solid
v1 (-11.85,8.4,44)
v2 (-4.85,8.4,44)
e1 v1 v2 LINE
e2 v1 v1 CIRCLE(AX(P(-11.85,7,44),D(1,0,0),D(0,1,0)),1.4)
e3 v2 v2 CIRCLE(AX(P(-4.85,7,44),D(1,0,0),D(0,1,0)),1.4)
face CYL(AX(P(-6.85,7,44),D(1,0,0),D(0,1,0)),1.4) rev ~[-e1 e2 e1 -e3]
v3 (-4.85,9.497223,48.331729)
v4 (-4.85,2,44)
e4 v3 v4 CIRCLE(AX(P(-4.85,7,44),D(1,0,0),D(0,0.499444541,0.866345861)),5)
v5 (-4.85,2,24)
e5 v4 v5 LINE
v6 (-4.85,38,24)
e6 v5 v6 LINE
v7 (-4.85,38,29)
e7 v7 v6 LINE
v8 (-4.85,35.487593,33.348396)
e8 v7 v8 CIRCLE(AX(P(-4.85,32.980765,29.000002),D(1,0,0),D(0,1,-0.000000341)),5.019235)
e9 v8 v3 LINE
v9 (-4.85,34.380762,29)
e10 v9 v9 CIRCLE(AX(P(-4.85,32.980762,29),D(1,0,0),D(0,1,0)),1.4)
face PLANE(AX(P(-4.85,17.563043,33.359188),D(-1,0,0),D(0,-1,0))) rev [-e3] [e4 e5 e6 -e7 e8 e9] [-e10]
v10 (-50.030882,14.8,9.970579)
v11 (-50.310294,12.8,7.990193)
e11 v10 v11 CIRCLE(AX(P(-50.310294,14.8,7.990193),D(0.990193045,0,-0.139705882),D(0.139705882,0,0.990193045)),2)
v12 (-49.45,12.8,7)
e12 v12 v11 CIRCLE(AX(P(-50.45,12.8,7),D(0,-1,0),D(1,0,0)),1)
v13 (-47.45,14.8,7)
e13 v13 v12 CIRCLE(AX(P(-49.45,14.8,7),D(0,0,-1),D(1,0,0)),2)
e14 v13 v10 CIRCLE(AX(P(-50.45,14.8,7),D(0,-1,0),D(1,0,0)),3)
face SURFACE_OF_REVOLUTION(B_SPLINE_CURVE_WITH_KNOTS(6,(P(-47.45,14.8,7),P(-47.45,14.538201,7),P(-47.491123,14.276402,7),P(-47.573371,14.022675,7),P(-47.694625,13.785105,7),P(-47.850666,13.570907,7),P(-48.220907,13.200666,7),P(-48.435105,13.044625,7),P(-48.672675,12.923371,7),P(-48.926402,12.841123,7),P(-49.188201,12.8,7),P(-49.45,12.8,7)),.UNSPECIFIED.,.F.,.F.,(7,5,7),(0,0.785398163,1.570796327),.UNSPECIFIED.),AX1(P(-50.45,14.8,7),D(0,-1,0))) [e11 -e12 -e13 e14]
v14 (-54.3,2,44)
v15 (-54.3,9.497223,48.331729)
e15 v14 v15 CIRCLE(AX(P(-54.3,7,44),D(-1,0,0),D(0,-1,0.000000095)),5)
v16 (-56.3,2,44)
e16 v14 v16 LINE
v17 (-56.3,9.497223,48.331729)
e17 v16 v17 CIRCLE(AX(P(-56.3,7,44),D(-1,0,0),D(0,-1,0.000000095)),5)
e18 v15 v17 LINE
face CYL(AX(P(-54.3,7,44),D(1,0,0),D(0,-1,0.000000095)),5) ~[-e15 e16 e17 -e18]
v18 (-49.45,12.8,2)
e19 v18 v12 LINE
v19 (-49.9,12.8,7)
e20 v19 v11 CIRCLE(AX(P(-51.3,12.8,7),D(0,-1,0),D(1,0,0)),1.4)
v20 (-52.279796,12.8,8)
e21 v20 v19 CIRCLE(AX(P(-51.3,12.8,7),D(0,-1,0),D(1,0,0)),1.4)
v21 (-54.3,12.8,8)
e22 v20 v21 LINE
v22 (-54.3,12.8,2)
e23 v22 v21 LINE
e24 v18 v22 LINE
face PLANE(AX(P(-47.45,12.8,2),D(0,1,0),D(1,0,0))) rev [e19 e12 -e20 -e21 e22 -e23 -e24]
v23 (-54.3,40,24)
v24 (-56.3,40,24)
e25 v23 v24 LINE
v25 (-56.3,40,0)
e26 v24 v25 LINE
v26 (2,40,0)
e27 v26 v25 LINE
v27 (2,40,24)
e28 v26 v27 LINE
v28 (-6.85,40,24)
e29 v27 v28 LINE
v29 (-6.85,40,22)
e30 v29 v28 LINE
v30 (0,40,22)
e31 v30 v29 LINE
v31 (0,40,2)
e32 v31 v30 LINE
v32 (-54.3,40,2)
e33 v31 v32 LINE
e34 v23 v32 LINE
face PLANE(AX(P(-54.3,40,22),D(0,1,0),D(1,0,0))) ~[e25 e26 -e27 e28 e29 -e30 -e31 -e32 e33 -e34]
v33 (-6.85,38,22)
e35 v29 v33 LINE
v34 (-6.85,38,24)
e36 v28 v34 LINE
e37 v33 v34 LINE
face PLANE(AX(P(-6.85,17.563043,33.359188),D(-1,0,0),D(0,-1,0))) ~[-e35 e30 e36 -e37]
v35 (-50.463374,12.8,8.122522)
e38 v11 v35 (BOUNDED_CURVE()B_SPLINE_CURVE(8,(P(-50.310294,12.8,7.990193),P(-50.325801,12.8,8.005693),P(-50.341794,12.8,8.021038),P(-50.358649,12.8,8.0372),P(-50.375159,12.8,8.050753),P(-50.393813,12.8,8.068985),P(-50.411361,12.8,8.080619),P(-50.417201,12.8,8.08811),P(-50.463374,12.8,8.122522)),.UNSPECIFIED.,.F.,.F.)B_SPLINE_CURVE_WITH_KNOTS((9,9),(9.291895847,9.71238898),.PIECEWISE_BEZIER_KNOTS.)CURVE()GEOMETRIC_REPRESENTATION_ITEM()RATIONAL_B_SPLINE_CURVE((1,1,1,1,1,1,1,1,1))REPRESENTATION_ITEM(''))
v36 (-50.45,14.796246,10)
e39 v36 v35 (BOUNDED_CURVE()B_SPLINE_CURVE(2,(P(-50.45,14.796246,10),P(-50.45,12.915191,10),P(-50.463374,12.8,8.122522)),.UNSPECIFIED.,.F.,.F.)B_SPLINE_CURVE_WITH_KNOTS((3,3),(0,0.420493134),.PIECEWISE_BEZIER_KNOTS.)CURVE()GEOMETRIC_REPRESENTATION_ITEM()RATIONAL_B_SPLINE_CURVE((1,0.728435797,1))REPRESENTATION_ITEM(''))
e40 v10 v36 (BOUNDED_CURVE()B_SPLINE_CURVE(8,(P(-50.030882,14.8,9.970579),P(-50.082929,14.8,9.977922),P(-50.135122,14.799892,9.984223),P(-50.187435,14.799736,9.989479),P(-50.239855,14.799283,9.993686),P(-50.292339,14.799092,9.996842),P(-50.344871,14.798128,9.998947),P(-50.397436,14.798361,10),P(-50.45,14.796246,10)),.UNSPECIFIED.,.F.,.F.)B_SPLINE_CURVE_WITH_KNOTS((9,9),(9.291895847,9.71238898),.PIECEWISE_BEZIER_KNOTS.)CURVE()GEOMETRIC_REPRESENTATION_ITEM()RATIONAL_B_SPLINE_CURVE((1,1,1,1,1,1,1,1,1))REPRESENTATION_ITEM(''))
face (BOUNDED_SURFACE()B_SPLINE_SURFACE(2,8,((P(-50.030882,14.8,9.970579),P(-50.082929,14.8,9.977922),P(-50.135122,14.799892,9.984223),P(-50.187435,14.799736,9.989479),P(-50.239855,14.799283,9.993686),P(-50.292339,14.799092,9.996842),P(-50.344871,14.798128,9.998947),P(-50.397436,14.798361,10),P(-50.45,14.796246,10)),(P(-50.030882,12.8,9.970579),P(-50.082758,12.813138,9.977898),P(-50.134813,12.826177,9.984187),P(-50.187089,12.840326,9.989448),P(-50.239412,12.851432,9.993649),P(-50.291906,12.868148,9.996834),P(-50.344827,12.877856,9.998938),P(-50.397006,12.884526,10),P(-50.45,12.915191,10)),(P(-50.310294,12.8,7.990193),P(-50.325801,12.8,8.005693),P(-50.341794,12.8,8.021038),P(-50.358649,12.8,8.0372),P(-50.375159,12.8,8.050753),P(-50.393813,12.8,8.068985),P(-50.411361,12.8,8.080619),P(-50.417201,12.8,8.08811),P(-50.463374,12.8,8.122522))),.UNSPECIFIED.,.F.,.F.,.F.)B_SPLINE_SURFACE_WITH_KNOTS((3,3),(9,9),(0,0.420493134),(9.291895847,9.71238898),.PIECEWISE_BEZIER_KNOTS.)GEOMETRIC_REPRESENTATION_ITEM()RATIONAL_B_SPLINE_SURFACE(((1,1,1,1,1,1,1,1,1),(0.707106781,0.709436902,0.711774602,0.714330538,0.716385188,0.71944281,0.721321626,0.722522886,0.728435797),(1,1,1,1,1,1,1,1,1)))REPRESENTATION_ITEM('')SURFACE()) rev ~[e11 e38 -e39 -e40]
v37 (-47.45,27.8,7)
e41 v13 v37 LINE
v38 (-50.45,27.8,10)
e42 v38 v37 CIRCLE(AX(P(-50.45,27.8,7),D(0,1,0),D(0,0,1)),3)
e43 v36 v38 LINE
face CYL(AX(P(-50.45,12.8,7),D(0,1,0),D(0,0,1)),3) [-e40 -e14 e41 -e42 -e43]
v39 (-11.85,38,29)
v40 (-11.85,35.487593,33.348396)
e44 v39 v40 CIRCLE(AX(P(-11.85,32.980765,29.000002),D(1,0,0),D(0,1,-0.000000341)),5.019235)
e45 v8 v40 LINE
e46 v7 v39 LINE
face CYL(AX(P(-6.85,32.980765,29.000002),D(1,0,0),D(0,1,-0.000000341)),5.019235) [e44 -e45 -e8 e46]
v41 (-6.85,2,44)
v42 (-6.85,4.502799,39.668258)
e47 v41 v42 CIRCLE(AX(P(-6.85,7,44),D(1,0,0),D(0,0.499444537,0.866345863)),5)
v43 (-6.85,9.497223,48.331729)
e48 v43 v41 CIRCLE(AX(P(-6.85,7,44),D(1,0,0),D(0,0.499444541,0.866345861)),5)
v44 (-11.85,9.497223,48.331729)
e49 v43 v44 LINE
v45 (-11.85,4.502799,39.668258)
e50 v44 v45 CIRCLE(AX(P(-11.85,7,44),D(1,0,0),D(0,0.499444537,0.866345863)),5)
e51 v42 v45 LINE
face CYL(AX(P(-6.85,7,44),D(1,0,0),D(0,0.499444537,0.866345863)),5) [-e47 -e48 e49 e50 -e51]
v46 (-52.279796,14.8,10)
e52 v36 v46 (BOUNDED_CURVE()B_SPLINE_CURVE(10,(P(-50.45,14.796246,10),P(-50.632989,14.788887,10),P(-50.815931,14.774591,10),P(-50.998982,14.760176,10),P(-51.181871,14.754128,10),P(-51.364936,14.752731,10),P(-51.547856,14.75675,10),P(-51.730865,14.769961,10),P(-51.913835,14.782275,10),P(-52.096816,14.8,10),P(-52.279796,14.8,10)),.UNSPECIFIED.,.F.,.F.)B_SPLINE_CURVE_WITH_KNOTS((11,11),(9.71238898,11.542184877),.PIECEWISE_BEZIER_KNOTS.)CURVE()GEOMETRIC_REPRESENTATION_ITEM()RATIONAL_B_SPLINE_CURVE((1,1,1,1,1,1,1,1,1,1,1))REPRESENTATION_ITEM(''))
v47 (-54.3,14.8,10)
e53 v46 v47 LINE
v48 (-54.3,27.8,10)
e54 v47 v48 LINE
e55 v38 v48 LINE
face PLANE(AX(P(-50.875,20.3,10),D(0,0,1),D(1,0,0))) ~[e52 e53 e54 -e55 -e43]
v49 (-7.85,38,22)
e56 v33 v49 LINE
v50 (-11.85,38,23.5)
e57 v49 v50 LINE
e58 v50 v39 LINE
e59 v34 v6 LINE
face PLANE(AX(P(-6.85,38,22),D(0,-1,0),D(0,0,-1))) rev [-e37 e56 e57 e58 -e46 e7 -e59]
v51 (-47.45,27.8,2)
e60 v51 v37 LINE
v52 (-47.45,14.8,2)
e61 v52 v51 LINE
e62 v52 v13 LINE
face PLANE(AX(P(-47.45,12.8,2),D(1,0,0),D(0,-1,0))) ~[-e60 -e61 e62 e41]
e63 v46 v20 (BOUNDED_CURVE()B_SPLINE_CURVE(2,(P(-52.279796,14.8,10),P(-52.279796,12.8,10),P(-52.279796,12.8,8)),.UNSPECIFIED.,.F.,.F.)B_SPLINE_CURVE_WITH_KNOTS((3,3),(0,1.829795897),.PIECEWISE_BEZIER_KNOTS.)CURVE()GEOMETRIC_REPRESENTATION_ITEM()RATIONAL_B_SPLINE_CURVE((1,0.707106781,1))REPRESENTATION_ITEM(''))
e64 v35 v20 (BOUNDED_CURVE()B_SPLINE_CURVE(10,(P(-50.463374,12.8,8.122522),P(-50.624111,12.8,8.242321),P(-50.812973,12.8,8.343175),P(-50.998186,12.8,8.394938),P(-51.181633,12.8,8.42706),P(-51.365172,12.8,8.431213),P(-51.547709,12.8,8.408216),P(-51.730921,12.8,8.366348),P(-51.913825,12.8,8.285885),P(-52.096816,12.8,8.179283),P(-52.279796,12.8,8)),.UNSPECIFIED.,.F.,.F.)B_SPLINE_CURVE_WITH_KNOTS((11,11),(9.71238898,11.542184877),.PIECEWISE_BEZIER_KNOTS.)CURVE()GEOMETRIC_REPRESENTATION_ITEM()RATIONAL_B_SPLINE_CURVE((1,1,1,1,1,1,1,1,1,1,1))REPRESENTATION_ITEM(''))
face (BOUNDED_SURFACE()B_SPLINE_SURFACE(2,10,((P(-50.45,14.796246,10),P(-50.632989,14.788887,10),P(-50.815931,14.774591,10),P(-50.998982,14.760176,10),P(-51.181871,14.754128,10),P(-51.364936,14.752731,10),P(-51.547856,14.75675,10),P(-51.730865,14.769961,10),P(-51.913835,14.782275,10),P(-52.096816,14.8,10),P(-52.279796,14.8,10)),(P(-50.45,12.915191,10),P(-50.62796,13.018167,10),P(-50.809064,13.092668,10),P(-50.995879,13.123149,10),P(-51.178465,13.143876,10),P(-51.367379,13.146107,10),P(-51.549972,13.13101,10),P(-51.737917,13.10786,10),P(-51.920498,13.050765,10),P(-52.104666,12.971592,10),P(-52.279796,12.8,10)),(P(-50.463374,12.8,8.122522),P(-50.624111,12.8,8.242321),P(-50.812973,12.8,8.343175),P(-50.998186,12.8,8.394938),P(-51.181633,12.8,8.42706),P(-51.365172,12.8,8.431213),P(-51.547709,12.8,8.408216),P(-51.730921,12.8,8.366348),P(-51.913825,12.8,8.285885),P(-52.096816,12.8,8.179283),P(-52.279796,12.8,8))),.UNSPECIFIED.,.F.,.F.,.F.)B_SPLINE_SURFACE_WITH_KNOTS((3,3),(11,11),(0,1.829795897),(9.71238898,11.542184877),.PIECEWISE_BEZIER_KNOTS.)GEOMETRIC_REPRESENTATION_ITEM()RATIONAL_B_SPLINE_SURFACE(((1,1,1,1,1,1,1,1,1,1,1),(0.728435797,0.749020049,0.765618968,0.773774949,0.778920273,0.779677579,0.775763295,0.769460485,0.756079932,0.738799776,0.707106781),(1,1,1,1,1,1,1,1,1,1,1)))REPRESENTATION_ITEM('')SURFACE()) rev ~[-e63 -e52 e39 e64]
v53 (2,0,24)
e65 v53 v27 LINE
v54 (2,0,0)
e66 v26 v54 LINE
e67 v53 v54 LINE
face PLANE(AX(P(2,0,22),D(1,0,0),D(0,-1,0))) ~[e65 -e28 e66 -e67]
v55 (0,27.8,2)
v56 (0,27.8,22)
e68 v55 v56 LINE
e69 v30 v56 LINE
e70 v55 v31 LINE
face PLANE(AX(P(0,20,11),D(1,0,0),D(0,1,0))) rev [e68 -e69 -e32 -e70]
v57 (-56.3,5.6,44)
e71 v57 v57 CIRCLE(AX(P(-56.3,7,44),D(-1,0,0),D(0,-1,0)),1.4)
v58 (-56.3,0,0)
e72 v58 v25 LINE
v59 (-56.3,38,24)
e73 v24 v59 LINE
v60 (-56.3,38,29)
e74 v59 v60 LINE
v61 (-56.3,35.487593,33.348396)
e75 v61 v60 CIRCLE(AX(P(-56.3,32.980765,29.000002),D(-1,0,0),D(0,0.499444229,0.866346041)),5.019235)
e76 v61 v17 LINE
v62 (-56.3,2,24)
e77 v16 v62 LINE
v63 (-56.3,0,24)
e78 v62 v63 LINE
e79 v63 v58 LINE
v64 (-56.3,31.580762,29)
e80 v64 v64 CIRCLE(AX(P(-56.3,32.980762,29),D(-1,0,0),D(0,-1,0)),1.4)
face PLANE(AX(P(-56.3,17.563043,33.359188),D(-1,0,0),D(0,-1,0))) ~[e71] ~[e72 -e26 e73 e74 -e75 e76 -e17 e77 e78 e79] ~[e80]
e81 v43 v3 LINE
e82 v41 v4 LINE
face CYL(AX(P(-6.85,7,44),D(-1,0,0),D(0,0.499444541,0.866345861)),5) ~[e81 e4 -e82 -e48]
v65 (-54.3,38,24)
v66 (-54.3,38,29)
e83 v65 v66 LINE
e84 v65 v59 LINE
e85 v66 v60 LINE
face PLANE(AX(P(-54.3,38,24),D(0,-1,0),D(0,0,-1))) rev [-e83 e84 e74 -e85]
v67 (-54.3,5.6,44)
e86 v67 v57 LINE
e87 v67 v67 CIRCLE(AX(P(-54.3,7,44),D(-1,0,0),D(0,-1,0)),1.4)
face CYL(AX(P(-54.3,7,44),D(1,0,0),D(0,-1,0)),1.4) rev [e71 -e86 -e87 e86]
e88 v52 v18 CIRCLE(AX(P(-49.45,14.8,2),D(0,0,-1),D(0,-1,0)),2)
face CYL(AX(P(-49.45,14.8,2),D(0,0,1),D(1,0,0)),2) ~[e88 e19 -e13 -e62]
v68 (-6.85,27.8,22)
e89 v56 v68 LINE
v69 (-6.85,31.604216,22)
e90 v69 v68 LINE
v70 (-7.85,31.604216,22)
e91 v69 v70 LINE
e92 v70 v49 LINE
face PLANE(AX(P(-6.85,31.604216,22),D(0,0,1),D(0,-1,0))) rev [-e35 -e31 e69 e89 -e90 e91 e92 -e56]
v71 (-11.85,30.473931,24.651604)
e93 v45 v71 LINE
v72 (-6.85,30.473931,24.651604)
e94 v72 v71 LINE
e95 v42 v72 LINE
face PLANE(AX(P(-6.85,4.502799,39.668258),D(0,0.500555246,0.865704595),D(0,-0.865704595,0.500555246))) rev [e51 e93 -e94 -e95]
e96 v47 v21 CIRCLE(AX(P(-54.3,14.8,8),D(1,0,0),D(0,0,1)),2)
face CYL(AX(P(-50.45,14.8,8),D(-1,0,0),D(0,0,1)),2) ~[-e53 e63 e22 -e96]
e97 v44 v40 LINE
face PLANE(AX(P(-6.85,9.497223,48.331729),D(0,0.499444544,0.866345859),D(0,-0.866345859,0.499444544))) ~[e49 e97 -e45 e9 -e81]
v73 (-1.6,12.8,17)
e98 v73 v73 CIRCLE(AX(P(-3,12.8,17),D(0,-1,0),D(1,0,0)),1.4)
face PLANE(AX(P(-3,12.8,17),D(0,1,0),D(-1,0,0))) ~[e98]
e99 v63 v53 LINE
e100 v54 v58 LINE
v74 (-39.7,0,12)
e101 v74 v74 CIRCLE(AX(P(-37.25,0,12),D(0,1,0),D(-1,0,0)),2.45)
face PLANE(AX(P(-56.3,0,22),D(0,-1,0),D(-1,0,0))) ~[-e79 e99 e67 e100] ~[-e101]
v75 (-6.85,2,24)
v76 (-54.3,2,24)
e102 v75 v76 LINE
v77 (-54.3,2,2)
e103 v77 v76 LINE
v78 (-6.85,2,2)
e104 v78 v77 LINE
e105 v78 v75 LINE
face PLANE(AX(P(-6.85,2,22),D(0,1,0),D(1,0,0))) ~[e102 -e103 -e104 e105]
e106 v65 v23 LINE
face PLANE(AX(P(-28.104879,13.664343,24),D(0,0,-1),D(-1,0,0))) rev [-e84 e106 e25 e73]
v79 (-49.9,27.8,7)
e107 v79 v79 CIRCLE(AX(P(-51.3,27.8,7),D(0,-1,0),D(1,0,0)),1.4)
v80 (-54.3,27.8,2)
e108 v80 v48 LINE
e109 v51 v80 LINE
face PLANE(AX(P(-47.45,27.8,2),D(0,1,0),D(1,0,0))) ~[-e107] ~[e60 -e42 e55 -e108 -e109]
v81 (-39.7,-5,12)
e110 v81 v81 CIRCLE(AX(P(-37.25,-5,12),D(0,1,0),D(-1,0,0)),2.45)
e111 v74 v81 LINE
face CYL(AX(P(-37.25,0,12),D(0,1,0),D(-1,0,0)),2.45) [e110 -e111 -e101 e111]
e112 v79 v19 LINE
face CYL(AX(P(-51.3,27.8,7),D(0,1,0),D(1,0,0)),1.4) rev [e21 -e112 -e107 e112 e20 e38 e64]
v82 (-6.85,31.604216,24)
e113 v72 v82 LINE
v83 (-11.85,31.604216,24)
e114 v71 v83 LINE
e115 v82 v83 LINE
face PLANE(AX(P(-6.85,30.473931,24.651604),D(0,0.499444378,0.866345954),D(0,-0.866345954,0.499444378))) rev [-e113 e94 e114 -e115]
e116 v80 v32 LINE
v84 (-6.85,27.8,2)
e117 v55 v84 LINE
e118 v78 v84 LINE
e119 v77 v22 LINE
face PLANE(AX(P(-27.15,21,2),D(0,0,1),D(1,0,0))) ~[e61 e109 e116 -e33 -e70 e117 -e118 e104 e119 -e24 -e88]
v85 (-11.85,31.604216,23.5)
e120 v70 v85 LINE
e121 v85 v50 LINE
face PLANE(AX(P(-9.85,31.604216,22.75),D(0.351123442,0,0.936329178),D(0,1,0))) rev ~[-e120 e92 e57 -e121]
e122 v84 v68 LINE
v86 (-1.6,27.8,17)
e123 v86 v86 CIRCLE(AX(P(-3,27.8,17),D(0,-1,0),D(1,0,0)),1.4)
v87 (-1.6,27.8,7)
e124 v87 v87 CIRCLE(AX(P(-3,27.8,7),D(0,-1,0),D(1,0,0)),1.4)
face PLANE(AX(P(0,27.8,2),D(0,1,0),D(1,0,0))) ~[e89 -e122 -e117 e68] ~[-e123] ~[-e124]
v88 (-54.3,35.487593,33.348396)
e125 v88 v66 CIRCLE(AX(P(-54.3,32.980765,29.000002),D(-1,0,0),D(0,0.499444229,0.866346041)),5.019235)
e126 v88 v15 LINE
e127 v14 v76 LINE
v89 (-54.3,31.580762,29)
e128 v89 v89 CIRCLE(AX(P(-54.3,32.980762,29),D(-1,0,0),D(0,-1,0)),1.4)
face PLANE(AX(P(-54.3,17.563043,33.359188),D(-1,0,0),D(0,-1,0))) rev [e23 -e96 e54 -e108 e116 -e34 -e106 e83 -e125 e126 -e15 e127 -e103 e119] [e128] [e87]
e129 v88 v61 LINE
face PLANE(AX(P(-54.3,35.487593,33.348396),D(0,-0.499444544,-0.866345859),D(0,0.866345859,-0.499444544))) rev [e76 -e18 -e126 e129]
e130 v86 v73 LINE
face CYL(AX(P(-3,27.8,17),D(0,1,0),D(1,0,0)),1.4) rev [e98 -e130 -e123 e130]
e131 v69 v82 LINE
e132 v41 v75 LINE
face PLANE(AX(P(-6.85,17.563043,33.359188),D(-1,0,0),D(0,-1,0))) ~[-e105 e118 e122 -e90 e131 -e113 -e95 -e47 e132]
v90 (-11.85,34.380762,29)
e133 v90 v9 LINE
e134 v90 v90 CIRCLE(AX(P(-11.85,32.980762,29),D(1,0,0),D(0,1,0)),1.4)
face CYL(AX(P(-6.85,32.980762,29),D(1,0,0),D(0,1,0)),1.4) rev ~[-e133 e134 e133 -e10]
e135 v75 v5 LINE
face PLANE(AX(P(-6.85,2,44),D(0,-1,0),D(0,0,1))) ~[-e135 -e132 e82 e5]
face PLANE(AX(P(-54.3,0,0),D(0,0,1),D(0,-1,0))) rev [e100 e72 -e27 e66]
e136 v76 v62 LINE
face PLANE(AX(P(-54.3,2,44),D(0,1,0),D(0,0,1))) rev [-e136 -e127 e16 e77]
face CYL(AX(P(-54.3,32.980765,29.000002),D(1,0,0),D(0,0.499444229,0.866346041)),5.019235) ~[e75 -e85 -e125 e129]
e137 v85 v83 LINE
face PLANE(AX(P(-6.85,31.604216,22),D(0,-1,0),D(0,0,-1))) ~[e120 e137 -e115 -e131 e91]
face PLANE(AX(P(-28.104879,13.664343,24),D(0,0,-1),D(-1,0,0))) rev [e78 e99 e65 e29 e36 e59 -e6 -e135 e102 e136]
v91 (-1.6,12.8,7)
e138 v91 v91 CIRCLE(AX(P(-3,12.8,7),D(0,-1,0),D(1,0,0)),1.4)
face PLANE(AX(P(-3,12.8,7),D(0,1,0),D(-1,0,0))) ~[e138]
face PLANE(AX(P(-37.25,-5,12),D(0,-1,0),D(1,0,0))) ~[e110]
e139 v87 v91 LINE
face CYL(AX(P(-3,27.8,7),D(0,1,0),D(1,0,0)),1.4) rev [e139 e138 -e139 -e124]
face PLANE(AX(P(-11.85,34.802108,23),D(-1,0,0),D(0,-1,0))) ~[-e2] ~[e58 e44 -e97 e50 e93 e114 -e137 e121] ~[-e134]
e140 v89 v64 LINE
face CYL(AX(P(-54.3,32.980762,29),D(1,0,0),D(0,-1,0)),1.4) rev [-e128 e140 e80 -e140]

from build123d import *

# Parameters (mm, degrees)
SKETCH_W        = 54.3
SKETCH_H        = 38
PAD_DEPTH       = 2
SKETCH001_W     = 54.3
SKETCH001_H     = 2
PAD001_DEPTH    = 22
SKETCH002_R     = 2.45
PAD002_DEPTH    = 5
SKETCH003_W     = 40
SKETCH003_H     = 22
PAD003_DEPTH    = 2
SKETCH004_W     = 40
SKETCH004_H     = 22
PAD004_DEPTH    = 2
SKETCH005_W     = 6.85
SKETCH005_H     = 15
PAD005_DEPTH    = 8
SKETCH006_R     = 1.4
POCKET_DEPTH    = 15
FILLET_R        = 3
FILLET001_R     = 2
SKETCH007_W     = 6.85
SKETCH007_H     = 25.8
PAD006_DEPTH    = 20
SKETCH008_R     = 1.4
POCKET001_DEPTH = 15
PAD007_DEPTH    = 2
SKETCH010_R     = 1.4
PAD008_DEPTH    = 2
SKETCH011_R     = 1.4
PAD009_DEPTH    = 2
SKETCH012_R     = 1.4
PAD010_DEPTH    = 5
SKETCH013_W     = 6.395784
SKETCH013_H     = 2
PAD011_DEPTH    = 5
CHAMFER_SIZE2   = 1.5
CHAMFER_SIZE    = 4


with BuildPart() as body:
    # Sketch → Pad (new body)
    with BuildSketch(Plane.XY):
        with Locations((27.15, 21)):
            Rectangle(SKETCH_W, SKETCH_H)
    extrude(amount=PAD_DEPTH)

    # Sketch001 → Pad001 (join)
    with BuildSketch(Plane.XY):
        with Locations((27.15, 1)):
            Rectangle(SKETCH001_W, SKETCH001_H)
    extrude(amount=PAD001_DEPTH)

    # Sketch002 → Pad002 (join)
    with BuildSketch(Plane.XZ):
        with Locations((37.25, 12)):
            Circle(SKETCH002_R)
    extrude(amount=PAD002_DEPTH)

    # Sketch003 (on Face2 of Pad002) → Pad003 (join)
    with BuildSketch(Plane(origin=(0, 0, 0), x_dir=(0, -1, 0), z_dir=(-1, 0, 0))):
        with Locations((-20, 11)):
            Rectangle(SKETCH003_W, SKETCH003_H)
    extrude(amount=PAD003_DEPTH)

    # Sketch004 (on Face3 of Pad003) → Pad004 (join)
    with BuildSketch(Plane.YZ.offset(54.3)):
        with Locations((20, 11)):
            Rectangle(SKETCH004_W, SKETCH004_H)
    extrude(amount=PAD004_DEPTH)

    # Sketch005 (on Face5 of Pad004) → Pad005 (join)
    with BuildSketch(Plane.XY.offset(2)):
        with Locations((50.875, 20.3)):
            Rectangle(SKETCH005_W, SKETCH005_H)
    extrude(amount=PAD005_DEPTH)

    # Sketch006 (on Face15 of Pad005) → Pocket (cut)
    with BuildSketch(Plane(origin=(0, 27.8, 0), x_dir=(-1, 0, 0), z_dir=(0, 1, 0))):
        with Locations((-51.3, 7)):
            Circle(SKETCH006_R)
    extrude(amount=-POCKET_DEPTH, mode=Mode.SUBTRACT)

    # Fillet
    fillet_edges = [body.edges().sort_by_distance(p)[0] for p in [
        (47.45, 20.3, 10),
    ]]
    fillet(fillet_edges, radius=FILLET_R)

    # Fillet001
    fillet001_edges = [body.edges().sort_by_distance(p)[0] for p in [
        (52.375, 12.8, 10),
    ]]
    fillet(fillet001_edges, radius=FILLET001_R)

    # Sketch007 (on Face5 of Fillet001) → Pad006 (join)
    with BuildSketch(Plane.XY.offset(2)):
        with Locations((3.425, 14.9)):
            Rectangle(SKETCH007_W, SKETCH007_H)
    extrude(amount=PAD006_DEPTH)

    # Sketch008 (on Face14 of Pad006) → Pocket001 (cut)
    with BuildSketch(Plane(origin=(0, 27.8, 0), x_dir=(-1, 0, 0), z_dir=(0, 1, 0))):
        with Locations((-3, 7)):
            Circle(SKETCH008_R)
        with Locations((-3, 17)):
            Circle(SKETCH008_R)
    extrude(amount=-POCKET001_DEPTH, mode=Mode.SUBTRACT)

    # Sketch009 (on Face21 of Pocket001) → Pad007 (join)
    with BuildSketch(Plane.XY.offset(22)):
        Polygon((54.3, 2), (54.3, 40), (56.3, 40), (56.3, 0), (-2, 0), (-2, 40), (6.85, 40), (6.85, 2), align=None)
    extrude(amount=PAD007_DEPTH)

    # Sketch010 (on Face22 of Pad007) → Pad008 (join)
    with BuildSketch(Plane.YZ.offset(6.85)):
        with BuildLine():
            Line((2, 24), (38, 24))
            Line((38, 29), (38, 24))
            ThreePointArc((38, 29), (37.326745, 31.511013), (35.487593, 33.348396))
            Line((35.487593, 33.348396), (9.497223, 48.331729))
            ThreePointArc((9.497223, 48.331729), (4.498612, 48.329325), (2, 44))
            Line((2, 44), (2, 24))
        make_face()
        with Locations((7, 44)):
            Circle(SKETCH010_R, mode=Mode.SUBTRACT)
        with Locations((32.980762, 29)):
            Circle(SKETCH010_R, mode=Mode.SUBTRACT)
    extrude(amount=-PAD008_DEPTH)

    # Sketch011 (on Face20 of Pad008) → Pad009 (join)
    with BuildSketch(Plane(origin=(54.3, 0, 0), x_dir=(0, -1, 0), z_dir=(-1, 0, 0))):
        with BuildLine():
            Line((-38, 24), (-38, 29))
            ThreePointArc((-35.487593, 33.348396), (-37.326745, 31.511013), (-38, 29))
            Line((-35.487593, 33.348396), (-9.497223, 48.331729))
            ThreePointArc((-2, 44), (-4.498612, 48.329325), (-9.497223, 48.331729))
            Line((-2, 44), (-2, 24))
            Line((-2, 24), (-38, 24))
        make_face()
        with Locations((-7, 44)):
            Circle(SKETCH011_R, mode=Mode.SUBTRACT)
        with Locations((-32.980762, 29)):
            Circle(SKETCH011_R, mode=Mode.SUBTRACT)
    extrude(amount=-PAD009_DEPTH)

    # Sketch012 (on Face35 of Pad009) → Pad010 (join)
    with BuildSketch(Plane.YZ.offset(6.85)):
        with BuildLine():
            Line((38, 29), (38, 24))
            Line((38, 24), (31.604216, 24))
            Line((30.473931, 24.651604), (31.604216, 24))
            Line((4.502799, 39.668258), (30.473931, 24.651604))
            ThreePointArc((9.497223, 48.331729), (2.668265, 46.497212), (4.502799, 39.668258))
            Line((9.497223, 48.331729), (35.487593, 33.348396))
            ThreePointArc((38, 29), (37.326745, 31.511013), (35.487593, 33.348396))
        make_face()
        with Locations((7, 44)):
            Circle(SKETCH012_R, mode=Mode.SUBTRACT)
        with Locations((32.980762, 29)):
            Circle(SKETCH012_R, mode=Mode.SUBTRACT)
    extrude(amount=PAD010_DEPTH)

    # Sketch013 (on Face22 of Pad010) → Pad011 (join)
    with BuildSketch(Plane.YZ.offset(6.85)):
        with Locations((34.802108, 23)):
            Rectangle(SKETCH013_W, SKETCH013_H)
    extrude(amount=PAD011_DEPTH)

    # Chamfer
    chamfer_edges = [body.edges().sort_by_distance(p)[0] for p in [
        (11.85, 34.802108, 22),
    ]]
    chamfer_side = body.faces().sort_by_distance((9.35, 34.802108, 22))[0]
    chamfer(chamfer_edges, length=CHAMFER_SIZE, length2=CHAMFER_SIZE2, reference=chamfer_side)


with BuildPart() as part_mirroring:
    # Part__Mirroring: instance of Body
    add(body.part.mirror(Plane(origin=(0, 0, 0), x_dir=(0, -1, 0), z_dir=(1, 0, 0))))


solid = part_mirroring.part
